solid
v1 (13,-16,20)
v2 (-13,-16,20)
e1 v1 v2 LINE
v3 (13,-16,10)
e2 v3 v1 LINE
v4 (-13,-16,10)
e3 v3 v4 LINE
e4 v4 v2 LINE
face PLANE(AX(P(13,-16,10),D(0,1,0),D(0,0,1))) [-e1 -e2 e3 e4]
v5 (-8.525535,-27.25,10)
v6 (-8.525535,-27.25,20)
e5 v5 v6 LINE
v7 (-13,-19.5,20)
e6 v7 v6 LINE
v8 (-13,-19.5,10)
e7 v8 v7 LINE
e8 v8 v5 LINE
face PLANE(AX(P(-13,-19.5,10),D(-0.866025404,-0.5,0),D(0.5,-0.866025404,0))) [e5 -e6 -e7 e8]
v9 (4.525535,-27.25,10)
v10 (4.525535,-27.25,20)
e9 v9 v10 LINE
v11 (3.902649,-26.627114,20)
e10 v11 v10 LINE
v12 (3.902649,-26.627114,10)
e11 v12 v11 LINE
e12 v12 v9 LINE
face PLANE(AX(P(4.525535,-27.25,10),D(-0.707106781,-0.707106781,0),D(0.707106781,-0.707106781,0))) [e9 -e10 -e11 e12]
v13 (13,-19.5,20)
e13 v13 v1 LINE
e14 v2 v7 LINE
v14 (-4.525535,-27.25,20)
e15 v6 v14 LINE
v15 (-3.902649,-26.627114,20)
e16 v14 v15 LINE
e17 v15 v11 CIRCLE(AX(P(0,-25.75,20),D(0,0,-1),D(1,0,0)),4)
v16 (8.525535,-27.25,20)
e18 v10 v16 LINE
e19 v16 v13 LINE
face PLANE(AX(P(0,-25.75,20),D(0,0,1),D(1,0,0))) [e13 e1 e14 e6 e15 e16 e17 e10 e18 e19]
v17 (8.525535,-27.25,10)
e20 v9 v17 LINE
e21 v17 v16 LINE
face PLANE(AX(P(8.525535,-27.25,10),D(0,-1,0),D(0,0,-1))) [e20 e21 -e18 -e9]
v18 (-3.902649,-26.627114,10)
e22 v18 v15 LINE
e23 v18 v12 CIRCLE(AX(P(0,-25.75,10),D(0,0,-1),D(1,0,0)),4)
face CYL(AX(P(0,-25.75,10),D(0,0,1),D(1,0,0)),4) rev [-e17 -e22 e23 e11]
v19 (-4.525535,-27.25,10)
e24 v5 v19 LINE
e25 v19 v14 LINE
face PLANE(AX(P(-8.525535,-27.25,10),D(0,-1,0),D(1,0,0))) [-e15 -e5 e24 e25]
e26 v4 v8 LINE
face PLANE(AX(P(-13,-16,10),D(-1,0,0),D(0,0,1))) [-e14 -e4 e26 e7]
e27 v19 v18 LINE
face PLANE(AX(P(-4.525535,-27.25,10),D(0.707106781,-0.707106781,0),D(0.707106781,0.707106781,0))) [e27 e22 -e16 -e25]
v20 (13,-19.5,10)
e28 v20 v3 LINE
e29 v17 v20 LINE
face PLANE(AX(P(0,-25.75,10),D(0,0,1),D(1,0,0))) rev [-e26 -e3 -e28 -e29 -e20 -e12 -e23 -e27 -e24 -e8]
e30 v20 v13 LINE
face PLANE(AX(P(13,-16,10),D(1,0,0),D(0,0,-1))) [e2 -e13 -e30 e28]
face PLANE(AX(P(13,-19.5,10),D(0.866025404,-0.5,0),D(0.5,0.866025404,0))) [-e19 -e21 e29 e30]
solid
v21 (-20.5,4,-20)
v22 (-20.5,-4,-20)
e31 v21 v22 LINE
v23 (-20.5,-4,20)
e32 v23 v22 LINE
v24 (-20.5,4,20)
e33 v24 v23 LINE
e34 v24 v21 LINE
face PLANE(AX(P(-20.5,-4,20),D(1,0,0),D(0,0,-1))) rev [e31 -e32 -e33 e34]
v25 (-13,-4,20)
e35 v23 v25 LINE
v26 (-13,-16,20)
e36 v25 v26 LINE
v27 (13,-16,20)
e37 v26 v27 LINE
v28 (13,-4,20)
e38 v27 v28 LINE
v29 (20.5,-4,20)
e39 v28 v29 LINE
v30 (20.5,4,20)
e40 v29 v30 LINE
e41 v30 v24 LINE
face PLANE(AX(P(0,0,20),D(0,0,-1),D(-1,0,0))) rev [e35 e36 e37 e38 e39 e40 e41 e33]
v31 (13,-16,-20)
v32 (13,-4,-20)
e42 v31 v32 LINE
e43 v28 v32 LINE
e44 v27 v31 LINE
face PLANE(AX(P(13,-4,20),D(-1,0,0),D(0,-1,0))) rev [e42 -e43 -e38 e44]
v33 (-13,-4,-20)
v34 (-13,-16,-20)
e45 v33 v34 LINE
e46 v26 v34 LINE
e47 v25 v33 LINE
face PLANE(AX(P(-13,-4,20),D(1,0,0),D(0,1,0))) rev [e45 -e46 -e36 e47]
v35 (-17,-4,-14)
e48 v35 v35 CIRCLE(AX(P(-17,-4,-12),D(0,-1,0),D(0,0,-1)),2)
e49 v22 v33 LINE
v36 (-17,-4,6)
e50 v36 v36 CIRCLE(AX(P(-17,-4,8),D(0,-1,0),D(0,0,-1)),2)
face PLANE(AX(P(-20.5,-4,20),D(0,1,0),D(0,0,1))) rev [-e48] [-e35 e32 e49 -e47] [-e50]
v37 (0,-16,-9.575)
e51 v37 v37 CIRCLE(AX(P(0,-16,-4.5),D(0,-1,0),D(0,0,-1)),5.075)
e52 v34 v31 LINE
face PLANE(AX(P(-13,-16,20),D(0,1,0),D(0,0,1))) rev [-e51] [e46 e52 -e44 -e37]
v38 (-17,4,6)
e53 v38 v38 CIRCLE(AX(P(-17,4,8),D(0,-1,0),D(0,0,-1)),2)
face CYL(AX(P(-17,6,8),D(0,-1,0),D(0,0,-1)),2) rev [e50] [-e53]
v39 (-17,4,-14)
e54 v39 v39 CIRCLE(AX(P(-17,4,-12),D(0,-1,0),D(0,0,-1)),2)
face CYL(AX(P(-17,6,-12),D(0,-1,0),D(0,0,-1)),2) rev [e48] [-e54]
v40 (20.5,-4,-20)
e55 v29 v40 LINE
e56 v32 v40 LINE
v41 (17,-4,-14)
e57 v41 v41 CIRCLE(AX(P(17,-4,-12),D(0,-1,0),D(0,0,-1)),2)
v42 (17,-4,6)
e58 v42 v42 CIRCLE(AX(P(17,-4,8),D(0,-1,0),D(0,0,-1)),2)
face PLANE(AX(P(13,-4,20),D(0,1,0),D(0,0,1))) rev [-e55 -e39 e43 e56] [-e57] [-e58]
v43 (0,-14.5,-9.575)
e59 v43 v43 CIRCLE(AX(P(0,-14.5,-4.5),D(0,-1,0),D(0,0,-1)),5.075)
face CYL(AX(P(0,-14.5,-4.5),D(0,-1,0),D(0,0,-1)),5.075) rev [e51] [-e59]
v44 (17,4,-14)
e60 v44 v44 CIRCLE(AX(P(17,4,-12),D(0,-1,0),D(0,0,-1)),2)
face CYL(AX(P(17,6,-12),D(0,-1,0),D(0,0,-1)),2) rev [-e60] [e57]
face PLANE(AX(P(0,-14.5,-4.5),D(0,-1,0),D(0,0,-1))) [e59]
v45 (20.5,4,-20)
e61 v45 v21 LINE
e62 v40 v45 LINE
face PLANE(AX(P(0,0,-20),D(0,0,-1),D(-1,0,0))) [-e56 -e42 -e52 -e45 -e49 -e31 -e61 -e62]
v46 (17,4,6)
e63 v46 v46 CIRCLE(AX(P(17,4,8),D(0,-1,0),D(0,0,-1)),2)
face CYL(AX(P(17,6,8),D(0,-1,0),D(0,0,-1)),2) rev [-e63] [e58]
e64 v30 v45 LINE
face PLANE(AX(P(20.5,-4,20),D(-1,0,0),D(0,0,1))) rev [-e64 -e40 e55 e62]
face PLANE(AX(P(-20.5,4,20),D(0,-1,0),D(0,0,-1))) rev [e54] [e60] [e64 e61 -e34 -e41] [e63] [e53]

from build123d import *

# Parameters (mm, degrees)
BOSS_EXTRUDE1_DEPTH = 20
SKETCH2_R           = 2
CUT_EXTRUDE1_DEPTH  = 10
SKETCH3_R           = 5.075
CUT_EXTRUDE2_DEPTH  = 1.5
BOSS_EXTRUDE3_DEPTH = 10


with BuildPart() as part:
    # Sketch1 → Boss-Extrude1 (new, symmetric)
    with BuildSketch(Plane.XY):
        Polygon((13, -4), (20.5, -4), (20.5, 4), (-20.5, 4), (-20.5, -4), (-13, -4), (-13, -16), (13, -16), align=None)
    extrude(amount=BOSS_EXTRUDE1_DEPTH, both=True)

    # Sketch2 → Cut-Extrude1 (cut)
    with BuildSketch(Plane.XZ.offset(4)):
        with Locations(Location((-17, -12, 0), (0, 0, 270))):
            Circle(SKETCH2_R)
        with Locations(Location((-17, 8, 0), (0, 0, 270))):
            Circle(SKETCH2_R)
        with Locations(Location((17, -12, 0), (0, 0, 270))):
            Circle(SKETCH2_R)
        with Locations(Location((17, 8, 0), (0, 0, 270))):
            Circle(SKETCH2_R)
    extrude(amount=-CUT_EXTRUDE1_DEPTH, mode=Mode.SUBTRACT)

    # Sketch3 → Cut-Extrude2 (cut)
    with BuildSketch(Plane.XZ.offset(16)):
        with Locations(Location((0, -4.5, 0), (0, 0, 270))):
            Circle(SKETCH3_R)
    extrude(amount=-CUT_EXTRUDE2_DEPTH, mode=Mode.SUBTRACT)


with BuildPart() as body_2:
    # Sketch6 → Boss-Extrude3 (new body)
    with BuildSketch(Plane.XY.offset(20)):
        with BuildLine():
            Line((13, -16), (-13, -16))
            Line((-13, -16), (-13, -19.5))
            Line((-13, -19.5), (-8.525535414, -27.25))
            Line((-8.525535414, -27.25), (-4.525535414, -27.25))
            Line((-4.525535414, -27.25), (-3.902649266, -26.627113852))
            ThreePointArc((-3.902649266, -26.627113852), (0, -21.75), (3.902649266, -26.627113852))
            Line((3.902649266, -26.627113852), (4.525535414, -27.25))
            Line((4.525535414, -27.25), (8.525535414, -27.25))
            Line((8.525535414, -27.25), (13, -19.5))
            Line((13, -19.5), (13, -16))
        make_face()
    extrude(amount=-BOSS_EXTRUDE3_DEPTH)


solid = Compound([part.part, body_2.part])
